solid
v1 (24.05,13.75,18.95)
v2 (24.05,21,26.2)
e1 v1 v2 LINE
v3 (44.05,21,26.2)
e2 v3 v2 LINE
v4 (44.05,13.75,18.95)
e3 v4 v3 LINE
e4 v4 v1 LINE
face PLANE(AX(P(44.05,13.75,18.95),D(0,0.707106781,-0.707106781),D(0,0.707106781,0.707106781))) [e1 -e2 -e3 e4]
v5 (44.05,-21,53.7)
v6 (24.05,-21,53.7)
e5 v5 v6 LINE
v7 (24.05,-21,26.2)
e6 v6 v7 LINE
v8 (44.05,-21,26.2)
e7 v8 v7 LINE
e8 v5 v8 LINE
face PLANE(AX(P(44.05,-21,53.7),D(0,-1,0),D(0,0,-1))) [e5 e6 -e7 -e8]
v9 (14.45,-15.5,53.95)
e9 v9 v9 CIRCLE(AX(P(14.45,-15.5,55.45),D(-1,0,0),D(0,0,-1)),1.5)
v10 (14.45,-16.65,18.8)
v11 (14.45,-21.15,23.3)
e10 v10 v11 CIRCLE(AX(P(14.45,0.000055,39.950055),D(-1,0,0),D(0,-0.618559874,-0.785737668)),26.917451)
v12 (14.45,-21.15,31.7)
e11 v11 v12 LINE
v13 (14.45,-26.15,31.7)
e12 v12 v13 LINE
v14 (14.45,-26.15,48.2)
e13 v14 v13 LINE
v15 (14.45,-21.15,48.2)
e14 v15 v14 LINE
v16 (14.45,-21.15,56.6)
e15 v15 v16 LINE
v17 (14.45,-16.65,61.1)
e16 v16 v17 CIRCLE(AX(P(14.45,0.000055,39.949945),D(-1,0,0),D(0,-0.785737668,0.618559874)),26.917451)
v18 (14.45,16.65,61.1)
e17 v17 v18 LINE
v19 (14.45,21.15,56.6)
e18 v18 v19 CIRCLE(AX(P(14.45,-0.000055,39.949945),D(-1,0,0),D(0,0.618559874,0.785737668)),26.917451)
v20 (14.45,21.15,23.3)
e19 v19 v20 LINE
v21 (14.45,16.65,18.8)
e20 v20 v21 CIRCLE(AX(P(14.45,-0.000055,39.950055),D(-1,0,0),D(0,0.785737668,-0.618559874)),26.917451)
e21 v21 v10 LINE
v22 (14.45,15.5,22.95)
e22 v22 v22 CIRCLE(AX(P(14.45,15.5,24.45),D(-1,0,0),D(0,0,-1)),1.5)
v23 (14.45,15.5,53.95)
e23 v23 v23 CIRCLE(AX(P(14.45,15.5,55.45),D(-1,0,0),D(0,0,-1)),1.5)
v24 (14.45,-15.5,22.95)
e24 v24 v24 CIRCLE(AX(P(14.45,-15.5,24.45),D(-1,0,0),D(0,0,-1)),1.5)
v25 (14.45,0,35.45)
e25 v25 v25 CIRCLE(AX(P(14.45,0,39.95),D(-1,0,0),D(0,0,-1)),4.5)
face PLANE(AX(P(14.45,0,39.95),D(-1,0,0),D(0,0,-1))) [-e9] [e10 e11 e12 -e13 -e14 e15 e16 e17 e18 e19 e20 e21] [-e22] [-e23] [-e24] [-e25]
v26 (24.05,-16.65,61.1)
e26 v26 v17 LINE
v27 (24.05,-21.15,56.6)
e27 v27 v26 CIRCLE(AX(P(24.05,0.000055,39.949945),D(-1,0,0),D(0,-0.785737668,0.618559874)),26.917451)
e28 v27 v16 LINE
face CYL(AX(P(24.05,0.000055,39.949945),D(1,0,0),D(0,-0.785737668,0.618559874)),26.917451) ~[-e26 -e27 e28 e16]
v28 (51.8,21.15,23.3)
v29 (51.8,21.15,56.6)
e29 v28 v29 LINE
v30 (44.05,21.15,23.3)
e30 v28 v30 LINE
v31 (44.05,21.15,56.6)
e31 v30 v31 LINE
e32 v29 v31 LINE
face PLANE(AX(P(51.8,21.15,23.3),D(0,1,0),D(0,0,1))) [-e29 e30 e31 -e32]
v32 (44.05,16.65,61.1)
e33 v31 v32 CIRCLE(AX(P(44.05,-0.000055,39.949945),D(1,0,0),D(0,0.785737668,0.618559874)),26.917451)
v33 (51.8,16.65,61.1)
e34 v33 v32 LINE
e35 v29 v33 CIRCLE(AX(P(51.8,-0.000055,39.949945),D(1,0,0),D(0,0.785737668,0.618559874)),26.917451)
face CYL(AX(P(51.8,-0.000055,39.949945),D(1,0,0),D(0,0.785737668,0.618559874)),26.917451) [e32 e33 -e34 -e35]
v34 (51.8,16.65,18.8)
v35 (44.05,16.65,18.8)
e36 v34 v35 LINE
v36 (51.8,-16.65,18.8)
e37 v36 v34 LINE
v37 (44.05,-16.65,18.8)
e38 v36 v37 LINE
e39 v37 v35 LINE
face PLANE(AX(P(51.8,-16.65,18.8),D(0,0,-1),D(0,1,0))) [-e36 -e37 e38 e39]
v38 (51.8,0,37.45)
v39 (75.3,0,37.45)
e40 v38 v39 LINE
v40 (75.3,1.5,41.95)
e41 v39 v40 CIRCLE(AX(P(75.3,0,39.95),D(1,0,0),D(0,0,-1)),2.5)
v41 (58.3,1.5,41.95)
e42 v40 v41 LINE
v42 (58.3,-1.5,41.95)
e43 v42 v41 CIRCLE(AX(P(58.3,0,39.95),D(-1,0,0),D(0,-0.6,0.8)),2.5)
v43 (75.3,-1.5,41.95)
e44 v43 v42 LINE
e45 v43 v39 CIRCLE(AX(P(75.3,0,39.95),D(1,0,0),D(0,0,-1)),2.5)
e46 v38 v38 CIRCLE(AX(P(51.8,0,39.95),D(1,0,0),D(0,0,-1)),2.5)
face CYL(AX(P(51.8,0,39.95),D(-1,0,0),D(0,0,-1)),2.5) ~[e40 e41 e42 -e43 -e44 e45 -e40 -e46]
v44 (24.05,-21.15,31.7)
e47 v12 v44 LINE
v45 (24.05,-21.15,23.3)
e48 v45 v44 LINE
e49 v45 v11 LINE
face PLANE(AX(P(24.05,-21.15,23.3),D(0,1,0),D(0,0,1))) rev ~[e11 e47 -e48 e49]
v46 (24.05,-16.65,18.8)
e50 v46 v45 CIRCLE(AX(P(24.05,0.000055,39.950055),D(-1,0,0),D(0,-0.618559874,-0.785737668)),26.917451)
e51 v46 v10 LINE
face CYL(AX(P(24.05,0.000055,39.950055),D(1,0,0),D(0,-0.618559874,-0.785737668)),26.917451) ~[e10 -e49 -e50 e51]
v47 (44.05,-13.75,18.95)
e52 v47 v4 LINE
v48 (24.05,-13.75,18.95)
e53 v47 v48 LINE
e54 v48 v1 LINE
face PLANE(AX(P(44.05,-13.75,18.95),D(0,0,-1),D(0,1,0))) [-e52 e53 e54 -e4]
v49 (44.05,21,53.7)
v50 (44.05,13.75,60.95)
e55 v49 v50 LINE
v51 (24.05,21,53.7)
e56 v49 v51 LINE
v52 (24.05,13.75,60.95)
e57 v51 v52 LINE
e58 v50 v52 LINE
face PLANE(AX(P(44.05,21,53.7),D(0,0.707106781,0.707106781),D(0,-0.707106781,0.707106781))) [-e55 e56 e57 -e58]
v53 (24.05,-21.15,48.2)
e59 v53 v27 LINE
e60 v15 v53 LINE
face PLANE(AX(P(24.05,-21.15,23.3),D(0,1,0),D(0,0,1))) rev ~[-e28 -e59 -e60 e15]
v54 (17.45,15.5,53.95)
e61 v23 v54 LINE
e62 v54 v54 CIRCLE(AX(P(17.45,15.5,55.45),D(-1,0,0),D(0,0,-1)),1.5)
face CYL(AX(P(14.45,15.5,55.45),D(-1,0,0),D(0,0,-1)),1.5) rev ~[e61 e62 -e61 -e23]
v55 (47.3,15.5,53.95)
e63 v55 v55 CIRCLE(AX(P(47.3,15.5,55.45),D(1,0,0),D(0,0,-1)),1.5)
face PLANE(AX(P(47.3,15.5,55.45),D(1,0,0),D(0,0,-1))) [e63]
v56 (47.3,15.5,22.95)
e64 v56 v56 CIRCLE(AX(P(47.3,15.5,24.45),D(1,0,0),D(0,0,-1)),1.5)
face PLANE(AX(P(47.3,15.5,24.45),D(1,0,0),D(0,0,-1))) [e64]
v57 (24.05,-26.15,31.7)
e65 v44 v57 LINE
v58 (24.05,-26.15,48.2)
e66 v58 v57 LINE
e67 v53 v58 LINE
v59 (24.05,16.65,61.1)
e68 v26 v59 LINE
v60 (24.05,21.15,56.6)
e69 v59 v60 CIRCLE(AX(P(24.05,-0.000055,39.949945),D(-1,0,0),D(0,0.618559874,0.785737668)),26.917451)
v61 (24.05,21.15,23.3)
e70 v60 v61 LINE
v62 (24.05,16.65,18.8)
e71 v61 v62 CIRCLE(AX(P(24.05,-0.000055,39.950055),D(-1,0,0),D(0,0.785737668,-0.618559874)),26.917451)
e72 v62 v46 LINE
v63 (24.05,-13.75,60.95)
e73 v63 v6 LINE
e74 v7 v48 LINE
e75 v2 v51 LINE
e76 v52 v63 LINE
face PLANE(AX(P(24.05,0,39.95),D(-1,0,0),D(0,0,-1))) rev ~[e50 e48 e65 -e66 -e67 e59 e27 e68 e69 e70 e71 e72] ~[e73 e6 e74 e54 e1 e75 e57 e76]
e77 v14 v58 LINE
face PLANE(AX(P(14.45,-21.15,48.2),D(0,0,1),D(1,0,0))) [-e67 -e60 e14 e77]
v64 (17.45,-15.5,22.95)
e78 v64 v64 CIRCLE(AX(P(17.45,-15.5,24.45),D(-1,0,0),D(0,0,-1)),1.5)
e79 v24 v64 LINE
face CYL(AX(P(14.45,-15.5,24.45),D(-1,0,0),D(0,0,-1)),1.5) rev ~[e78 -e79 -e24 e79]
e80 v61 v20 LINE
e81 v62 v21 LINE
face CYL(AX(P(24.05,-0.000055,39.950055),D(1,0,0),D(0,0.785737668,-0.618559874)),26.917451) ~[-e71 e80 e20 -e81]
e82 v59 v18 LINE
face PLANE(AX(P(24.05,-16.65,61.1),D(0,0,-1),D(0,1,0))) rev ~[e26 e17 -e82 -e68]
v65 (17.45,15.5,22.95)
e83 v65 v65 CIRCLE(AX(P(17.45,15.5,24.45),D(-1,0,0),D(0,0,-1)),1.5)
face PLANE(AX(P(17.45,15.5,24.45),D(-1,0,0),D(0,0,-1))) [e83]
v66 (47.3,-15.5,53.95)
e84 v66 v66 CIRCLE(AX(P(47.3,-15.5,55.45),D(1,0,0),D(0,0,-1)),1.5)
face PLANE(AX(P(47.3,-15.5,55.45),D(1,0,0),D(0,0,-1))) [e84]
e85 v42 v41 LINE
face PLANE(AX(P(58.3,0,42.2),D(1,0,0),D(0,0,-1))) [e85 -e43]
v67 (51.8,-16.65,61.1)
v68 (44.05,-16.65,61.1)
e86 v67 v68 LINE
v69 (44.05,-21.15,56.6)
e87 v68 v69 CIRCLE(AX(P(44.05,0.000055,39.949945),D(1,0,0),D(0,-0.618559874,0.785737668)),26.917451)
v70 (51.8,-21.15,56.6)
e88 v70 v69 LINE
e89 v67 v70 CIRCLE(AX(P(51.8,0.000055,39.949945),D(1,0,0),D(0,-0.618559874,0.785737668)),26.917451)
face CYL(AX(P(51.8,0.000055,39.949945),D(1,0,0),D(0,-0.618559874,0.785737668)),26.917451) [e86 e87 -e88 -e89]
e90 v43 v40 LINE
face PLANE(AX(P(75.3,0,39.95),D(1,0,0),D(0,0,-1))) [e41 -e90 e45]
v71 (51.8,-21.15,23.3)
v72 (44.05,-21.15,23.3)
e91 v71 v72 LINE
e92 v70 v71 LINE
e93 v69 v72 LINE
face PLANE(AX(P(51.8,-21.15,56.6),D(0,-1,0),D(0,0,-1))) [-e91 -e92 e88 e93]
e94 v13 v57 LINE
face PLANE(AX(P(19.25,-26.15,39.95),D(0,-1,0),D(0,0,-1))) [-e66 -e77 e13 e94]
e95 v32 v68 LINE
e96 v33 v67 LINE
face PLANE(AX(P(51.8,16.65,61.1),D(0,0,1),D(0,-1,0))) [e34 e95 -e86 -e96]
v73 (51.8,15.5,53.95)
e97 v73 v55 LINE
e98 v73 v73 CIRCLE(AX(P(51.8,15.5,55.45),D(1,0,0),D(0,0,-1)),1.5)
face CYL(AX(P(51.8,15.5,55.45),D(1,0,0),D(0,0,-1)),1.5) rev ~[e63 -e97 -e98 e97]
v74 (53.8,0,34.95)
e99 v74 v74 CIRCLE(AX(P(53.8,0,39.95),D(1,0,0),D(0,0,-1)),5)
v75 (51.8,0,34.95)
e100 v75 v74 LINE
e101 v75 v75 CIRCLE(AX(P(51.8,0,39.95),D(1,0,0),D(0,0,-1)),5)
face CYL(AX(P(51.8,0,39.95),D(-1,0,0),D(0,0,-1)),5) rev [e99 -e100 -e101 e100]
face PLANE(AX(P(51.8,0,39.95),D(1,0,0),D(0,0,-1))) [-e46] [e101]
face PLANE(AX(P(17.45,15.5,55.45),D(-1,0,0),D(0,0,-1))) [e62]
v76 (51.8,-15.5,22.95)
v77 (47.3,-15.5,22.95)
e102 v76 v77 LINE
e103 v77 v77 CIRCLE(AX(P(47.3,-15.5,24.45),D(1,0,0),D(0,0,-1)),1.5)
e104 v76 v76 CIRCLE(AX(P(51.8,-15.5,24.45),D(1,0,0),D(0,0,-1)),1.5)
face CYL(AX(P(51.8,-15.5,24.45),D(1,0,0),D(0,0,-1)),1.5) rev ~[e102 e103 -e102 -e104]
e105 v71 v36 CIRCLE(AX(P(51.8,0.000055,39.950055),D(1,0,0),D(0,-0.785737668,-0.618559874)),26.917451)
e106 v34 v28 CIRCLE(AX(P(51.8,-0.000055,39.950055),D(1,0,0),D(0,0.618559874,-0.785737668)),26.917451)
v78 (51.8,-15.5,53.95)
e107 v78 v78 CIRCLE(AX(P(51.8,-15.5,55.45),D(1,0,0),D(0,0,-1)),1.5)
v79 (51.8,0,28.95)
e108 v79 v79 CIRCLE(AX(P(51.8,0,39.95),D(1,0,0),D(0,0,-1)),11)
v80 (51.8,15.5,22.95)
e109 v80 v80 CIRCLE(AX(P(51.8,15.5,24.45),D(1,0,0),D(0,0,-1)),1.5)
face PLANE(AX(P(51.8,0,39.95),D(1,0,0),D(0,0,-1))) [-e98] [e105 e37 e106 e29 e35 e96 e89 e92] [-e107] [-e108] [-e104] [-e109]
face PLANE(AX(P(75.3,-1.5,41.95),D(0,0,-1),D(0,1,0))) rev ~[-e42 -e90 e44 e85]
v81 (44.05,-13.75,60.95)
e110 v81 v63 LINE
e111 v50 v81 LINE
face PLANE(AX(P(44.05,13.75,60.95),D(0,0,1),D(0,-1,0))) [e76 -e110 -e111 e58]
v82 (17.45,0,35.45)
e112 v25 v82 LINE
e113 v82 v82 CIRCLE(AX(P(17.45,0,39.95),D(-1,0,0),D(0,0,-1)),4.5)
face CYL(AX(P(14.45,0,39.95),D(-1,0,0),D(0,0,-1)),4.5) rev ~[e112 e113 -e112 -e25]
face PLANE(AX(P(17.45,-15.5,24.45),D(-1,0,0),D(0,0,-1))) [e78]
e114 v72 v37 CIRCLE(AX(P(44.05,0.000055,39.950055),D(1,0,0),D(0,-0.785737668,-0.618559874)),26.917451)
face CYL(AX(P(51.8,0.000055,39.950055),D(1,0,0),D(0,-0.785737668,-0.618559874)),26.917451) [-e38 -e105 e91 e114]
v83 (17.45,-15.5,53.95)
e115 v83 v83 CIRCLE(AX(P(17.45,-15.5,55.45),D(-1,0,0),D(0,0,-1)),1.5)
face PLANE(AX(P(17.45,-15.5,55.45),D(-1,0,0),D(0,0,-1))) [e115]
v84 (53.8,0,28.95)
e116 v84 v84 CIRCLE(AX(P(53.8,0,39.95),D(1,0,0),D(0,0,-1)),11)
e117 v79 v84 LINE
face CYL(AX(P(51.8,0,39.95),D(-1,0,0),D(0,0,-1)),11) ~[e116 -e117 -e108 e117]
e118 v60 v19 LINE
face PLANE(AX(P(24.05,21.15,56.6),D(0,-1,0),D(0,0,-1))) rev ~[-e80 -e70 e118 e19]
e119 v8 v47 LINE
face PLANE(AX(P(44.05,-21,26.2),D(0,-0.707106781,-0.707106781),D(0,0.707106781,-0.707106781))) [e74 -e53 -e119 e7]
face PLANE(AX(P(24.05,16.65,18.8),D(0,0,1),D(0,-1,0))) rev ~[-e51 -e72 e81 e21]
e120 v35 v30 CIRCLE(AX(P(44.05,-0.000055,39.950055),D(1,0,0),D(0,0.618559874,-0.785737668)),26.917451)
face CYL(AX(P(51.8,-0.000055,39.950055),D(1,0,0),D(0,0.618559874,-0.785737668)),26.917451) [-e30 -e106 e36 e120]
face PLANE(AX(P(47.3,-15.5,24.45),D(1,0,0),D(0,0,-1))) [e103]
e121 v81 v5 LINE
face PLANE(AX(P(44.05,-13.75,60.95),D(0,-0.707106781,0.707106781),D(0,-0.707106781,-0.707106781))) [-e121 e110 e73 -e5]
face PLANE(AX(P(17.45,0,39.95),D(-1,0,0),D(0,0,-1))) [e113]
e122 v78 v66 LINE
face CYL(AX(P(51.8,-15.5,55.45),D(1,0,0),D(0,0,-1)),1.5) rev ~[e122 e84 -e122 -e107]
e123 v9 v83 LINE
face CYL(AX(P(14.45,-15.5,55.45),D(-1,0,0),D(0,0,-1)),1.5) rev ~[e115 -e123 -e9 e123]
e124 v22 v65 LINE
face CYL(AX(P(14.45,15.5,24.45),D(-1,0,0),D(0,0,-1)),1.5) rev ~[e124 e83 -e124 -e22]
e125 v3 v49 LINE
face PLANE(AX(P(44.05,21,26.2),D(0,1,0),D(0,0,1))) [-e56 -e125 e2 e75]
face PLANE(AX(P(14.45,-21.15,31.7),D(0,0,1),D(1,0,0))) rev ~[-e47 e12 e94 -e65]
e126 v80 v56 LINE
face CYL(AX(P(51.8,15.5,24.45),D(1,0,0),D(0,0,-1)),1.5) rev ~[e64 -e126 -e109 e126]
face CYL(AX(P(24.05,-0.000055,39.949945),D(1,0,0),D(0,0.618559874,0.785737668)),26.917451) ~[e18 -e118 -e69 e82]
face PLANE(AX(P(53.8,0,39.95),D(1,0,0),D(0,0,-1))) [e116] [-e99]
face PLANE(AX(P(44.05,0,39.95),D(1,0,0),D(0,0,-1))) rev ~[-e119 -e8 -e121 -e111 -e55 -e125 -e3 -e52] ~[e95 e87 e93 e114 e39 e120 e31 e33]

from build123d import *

# Parameters (mm, degrees)
PAD009_DEPTH             = 7.75
PAD010_DEPTH             = 20
PAD011_DEPTH             = 9.6
SKETCH017_R              = 1.5
POCKET004_DEPTH          = 4.5
SKETCH018_R              = 11
SKETCH018_R_2            = 5
PAD012_DEPTH             = 2
SKETCH019_R              = 2.5
PAD013_DEPTH             = 23.5
SKETCH020_W              = 0.5
SKETCH020_H              = 3
POCKET005_DEPTH          = 17
SKETCH021_R              = 1.5
SKETCH021_R_2            = 4.5
POCKET006_DEPTH          = 3
SKETCH022_W              = 16.5
SKETCH022_H              = 9.6
PAD014_DEPTH             = 5
CLONE001BODY_PITCH_ANGLE = 90


with BuildPart() as part:
    # Sketch014 → Pad009 (new body)
    with BuildSketch(Plane.XY):
        with BuildLine():
            Line((-16.65, -21.15), (16.65, -21.15))
            ThreePointArc((16.65, -21.15), (19.033457, -19.033457), (21.15, -16.65))
            Line((21.15, -16.65), (21.15, 16.65))
            ThreePointArc((21.15, 16.65), (19.033457, 19.033457), (16.65, 21.15))
            Line((16.65, 21.15), (-16.65, 21.15))
            ThreePointArc((-16.65, 21.15), (-19.033457, 19.033457), (-21.15, 16.65))
            Line((-21.15, 16.65), (-21.15, -16.65))
            ThreePointArc((-21.15, -16.65), (-19.033457, -19.033457), (-16.65, -21.15))
        make_face()
    extrude(amount=-PAD009_DEPTH)

    # Sketch015 (on Face10 of Pad009) → Pad010 (join)
    with BuildSketch(Plane(origin=(0, 0, -7.75), x_dir=(1, 0, 0), z_dir=(0, 0, -1))):
        Polygon((-21, -13.75), (-21, 13.75), (-13.75, 21), (13.75, 21), (21, 13.75), (21, -13.75), (13.75, -21), (-13.75, -21), align=None)
    extrude(amount=PAD010_DEPTH)

    # Sketch016 (on Face19 of Pad010) → Pad011 (join)
    with BuildSketch(Plane(origin=(0, 0, -27.75), x_dir=(1, 0, 0), z_dir=(0, 0, -1))):
        with BuildLine():
            Line((-16.65, -21.15), (16.65, -21.15))
            ThreePointArc((16.65, -21.15), (19.033457, -19.033457), (21.15, -16.65))
            Line((21.15, -16.65), (21.15, 16.65))
            ThreePointArc((21.15, 16.65), (19.033457, 19.033457), (16.65, 21.15))
            Line((16.65, 21.15), (-16.65, 21.15))
            ThreePointArc((-16.65, 21.15), (-19.033457, 19.033457), (-21.15, 16.65))
            Line((-21.15, 16.65), (-21.15, -16.65))
            ThreePointArc((-21.15, -16.65), (-19.033457, -19.033457), (-16.65, -21.15))
        make_face()
    extrude(amount=PAD011_DEPTH)

    # Sketch017 (on Face4 of Pad011) → Pocket004 (cut)
    with BuildSketch(Plane.XY):
        with Locations((-15.5, 15.5)):
            Circle(SKETCH017_R)
        with Locations((15.5, 15.5)):
            Circle(SKETCH017_R)
        with Locations((15.5, -15.5)):
            Circle(SKETCH017_R)
        with Locations((-15.5, -15.5)):
            Circle(SKETCH017_R)
    extrude(amount=-POCKET004_DEPTH, mode=Mode.SUBTRACT)

    # Sketch018 (on Face4 of Pocket004) → Pad012 (join)
    with BuildSketch(Plane.XY):
        Circle(SKETCH018_R)
        Circle(SKETCH018_R_2, mode=Mode.SUBTRACT)
    extrude(amount=PAD012_DEPTH)

    # Sketch019 (on Face39 of Pad012) → Pad013 (join)
    with BuildSketch(Plane.XY):
        Circle(SKETCH019_R)
    extrude(amount=PAD013_DEPTH)

    # Sketch020 (on Face42 of Pad013) → Pocket005 (cut)
    with BuildSketch(Plane.XY.offset(23.5)):
        with Locations((-2.25, 0)):
            Rectangle(SKETCH020_W, SKETCH020_H)
    extrude(amount=-POCKET005_DEPTH, mode=Mode.SUBTRACT)

    # Sketch021 (on Face40 of Pocket005) → Pocket006 (cut)
    with BuildSketch(Plane(origin=(0, 0, -37.35), x_dir=(1, 0, 0), z_dir=(0, 0, -1))):
        with Locations((-15.5, 15.5)):
            Circle(SKETCH021_R)
        with Locations((15.5, 15.5)):
            Circle(SKETCH021_R)
        with Locations((15.5, -15.5)):
            Circle(SKETCH021_R)
        with Locations((-15.5, -15.5)):
            Circle(SKETCH021_R)
        Circle(SKETCH021_R_2)
    extrude(amount=-POCKET006_DEPTH, mode=Mode.SUBTRACT)

    # Sketch022 (on Face38 of Pocket006) → Pad014 (join)
    with BuildSketch(Plane.XZ.offset(21.15)):
        with Locations((0, -32.55)):
            Rectangle(SKETCH022_W, SKETCH022_H)
    extrude(amount=PAD014_DEPTH)


with BuildPart() as part_1:
    # Clone001Body pitch: moved
    add(part.part.rotate(Axis((0, 0, 0), (0, 1, 0)), CLONE001BODY_PITCH_ANGLE))


with BuildPart() as part_2:
    # Clone001Body placement: moved
    add(part_1.part.moved(Location((51.8, 0, 39.95))))


solid = part_2.part
